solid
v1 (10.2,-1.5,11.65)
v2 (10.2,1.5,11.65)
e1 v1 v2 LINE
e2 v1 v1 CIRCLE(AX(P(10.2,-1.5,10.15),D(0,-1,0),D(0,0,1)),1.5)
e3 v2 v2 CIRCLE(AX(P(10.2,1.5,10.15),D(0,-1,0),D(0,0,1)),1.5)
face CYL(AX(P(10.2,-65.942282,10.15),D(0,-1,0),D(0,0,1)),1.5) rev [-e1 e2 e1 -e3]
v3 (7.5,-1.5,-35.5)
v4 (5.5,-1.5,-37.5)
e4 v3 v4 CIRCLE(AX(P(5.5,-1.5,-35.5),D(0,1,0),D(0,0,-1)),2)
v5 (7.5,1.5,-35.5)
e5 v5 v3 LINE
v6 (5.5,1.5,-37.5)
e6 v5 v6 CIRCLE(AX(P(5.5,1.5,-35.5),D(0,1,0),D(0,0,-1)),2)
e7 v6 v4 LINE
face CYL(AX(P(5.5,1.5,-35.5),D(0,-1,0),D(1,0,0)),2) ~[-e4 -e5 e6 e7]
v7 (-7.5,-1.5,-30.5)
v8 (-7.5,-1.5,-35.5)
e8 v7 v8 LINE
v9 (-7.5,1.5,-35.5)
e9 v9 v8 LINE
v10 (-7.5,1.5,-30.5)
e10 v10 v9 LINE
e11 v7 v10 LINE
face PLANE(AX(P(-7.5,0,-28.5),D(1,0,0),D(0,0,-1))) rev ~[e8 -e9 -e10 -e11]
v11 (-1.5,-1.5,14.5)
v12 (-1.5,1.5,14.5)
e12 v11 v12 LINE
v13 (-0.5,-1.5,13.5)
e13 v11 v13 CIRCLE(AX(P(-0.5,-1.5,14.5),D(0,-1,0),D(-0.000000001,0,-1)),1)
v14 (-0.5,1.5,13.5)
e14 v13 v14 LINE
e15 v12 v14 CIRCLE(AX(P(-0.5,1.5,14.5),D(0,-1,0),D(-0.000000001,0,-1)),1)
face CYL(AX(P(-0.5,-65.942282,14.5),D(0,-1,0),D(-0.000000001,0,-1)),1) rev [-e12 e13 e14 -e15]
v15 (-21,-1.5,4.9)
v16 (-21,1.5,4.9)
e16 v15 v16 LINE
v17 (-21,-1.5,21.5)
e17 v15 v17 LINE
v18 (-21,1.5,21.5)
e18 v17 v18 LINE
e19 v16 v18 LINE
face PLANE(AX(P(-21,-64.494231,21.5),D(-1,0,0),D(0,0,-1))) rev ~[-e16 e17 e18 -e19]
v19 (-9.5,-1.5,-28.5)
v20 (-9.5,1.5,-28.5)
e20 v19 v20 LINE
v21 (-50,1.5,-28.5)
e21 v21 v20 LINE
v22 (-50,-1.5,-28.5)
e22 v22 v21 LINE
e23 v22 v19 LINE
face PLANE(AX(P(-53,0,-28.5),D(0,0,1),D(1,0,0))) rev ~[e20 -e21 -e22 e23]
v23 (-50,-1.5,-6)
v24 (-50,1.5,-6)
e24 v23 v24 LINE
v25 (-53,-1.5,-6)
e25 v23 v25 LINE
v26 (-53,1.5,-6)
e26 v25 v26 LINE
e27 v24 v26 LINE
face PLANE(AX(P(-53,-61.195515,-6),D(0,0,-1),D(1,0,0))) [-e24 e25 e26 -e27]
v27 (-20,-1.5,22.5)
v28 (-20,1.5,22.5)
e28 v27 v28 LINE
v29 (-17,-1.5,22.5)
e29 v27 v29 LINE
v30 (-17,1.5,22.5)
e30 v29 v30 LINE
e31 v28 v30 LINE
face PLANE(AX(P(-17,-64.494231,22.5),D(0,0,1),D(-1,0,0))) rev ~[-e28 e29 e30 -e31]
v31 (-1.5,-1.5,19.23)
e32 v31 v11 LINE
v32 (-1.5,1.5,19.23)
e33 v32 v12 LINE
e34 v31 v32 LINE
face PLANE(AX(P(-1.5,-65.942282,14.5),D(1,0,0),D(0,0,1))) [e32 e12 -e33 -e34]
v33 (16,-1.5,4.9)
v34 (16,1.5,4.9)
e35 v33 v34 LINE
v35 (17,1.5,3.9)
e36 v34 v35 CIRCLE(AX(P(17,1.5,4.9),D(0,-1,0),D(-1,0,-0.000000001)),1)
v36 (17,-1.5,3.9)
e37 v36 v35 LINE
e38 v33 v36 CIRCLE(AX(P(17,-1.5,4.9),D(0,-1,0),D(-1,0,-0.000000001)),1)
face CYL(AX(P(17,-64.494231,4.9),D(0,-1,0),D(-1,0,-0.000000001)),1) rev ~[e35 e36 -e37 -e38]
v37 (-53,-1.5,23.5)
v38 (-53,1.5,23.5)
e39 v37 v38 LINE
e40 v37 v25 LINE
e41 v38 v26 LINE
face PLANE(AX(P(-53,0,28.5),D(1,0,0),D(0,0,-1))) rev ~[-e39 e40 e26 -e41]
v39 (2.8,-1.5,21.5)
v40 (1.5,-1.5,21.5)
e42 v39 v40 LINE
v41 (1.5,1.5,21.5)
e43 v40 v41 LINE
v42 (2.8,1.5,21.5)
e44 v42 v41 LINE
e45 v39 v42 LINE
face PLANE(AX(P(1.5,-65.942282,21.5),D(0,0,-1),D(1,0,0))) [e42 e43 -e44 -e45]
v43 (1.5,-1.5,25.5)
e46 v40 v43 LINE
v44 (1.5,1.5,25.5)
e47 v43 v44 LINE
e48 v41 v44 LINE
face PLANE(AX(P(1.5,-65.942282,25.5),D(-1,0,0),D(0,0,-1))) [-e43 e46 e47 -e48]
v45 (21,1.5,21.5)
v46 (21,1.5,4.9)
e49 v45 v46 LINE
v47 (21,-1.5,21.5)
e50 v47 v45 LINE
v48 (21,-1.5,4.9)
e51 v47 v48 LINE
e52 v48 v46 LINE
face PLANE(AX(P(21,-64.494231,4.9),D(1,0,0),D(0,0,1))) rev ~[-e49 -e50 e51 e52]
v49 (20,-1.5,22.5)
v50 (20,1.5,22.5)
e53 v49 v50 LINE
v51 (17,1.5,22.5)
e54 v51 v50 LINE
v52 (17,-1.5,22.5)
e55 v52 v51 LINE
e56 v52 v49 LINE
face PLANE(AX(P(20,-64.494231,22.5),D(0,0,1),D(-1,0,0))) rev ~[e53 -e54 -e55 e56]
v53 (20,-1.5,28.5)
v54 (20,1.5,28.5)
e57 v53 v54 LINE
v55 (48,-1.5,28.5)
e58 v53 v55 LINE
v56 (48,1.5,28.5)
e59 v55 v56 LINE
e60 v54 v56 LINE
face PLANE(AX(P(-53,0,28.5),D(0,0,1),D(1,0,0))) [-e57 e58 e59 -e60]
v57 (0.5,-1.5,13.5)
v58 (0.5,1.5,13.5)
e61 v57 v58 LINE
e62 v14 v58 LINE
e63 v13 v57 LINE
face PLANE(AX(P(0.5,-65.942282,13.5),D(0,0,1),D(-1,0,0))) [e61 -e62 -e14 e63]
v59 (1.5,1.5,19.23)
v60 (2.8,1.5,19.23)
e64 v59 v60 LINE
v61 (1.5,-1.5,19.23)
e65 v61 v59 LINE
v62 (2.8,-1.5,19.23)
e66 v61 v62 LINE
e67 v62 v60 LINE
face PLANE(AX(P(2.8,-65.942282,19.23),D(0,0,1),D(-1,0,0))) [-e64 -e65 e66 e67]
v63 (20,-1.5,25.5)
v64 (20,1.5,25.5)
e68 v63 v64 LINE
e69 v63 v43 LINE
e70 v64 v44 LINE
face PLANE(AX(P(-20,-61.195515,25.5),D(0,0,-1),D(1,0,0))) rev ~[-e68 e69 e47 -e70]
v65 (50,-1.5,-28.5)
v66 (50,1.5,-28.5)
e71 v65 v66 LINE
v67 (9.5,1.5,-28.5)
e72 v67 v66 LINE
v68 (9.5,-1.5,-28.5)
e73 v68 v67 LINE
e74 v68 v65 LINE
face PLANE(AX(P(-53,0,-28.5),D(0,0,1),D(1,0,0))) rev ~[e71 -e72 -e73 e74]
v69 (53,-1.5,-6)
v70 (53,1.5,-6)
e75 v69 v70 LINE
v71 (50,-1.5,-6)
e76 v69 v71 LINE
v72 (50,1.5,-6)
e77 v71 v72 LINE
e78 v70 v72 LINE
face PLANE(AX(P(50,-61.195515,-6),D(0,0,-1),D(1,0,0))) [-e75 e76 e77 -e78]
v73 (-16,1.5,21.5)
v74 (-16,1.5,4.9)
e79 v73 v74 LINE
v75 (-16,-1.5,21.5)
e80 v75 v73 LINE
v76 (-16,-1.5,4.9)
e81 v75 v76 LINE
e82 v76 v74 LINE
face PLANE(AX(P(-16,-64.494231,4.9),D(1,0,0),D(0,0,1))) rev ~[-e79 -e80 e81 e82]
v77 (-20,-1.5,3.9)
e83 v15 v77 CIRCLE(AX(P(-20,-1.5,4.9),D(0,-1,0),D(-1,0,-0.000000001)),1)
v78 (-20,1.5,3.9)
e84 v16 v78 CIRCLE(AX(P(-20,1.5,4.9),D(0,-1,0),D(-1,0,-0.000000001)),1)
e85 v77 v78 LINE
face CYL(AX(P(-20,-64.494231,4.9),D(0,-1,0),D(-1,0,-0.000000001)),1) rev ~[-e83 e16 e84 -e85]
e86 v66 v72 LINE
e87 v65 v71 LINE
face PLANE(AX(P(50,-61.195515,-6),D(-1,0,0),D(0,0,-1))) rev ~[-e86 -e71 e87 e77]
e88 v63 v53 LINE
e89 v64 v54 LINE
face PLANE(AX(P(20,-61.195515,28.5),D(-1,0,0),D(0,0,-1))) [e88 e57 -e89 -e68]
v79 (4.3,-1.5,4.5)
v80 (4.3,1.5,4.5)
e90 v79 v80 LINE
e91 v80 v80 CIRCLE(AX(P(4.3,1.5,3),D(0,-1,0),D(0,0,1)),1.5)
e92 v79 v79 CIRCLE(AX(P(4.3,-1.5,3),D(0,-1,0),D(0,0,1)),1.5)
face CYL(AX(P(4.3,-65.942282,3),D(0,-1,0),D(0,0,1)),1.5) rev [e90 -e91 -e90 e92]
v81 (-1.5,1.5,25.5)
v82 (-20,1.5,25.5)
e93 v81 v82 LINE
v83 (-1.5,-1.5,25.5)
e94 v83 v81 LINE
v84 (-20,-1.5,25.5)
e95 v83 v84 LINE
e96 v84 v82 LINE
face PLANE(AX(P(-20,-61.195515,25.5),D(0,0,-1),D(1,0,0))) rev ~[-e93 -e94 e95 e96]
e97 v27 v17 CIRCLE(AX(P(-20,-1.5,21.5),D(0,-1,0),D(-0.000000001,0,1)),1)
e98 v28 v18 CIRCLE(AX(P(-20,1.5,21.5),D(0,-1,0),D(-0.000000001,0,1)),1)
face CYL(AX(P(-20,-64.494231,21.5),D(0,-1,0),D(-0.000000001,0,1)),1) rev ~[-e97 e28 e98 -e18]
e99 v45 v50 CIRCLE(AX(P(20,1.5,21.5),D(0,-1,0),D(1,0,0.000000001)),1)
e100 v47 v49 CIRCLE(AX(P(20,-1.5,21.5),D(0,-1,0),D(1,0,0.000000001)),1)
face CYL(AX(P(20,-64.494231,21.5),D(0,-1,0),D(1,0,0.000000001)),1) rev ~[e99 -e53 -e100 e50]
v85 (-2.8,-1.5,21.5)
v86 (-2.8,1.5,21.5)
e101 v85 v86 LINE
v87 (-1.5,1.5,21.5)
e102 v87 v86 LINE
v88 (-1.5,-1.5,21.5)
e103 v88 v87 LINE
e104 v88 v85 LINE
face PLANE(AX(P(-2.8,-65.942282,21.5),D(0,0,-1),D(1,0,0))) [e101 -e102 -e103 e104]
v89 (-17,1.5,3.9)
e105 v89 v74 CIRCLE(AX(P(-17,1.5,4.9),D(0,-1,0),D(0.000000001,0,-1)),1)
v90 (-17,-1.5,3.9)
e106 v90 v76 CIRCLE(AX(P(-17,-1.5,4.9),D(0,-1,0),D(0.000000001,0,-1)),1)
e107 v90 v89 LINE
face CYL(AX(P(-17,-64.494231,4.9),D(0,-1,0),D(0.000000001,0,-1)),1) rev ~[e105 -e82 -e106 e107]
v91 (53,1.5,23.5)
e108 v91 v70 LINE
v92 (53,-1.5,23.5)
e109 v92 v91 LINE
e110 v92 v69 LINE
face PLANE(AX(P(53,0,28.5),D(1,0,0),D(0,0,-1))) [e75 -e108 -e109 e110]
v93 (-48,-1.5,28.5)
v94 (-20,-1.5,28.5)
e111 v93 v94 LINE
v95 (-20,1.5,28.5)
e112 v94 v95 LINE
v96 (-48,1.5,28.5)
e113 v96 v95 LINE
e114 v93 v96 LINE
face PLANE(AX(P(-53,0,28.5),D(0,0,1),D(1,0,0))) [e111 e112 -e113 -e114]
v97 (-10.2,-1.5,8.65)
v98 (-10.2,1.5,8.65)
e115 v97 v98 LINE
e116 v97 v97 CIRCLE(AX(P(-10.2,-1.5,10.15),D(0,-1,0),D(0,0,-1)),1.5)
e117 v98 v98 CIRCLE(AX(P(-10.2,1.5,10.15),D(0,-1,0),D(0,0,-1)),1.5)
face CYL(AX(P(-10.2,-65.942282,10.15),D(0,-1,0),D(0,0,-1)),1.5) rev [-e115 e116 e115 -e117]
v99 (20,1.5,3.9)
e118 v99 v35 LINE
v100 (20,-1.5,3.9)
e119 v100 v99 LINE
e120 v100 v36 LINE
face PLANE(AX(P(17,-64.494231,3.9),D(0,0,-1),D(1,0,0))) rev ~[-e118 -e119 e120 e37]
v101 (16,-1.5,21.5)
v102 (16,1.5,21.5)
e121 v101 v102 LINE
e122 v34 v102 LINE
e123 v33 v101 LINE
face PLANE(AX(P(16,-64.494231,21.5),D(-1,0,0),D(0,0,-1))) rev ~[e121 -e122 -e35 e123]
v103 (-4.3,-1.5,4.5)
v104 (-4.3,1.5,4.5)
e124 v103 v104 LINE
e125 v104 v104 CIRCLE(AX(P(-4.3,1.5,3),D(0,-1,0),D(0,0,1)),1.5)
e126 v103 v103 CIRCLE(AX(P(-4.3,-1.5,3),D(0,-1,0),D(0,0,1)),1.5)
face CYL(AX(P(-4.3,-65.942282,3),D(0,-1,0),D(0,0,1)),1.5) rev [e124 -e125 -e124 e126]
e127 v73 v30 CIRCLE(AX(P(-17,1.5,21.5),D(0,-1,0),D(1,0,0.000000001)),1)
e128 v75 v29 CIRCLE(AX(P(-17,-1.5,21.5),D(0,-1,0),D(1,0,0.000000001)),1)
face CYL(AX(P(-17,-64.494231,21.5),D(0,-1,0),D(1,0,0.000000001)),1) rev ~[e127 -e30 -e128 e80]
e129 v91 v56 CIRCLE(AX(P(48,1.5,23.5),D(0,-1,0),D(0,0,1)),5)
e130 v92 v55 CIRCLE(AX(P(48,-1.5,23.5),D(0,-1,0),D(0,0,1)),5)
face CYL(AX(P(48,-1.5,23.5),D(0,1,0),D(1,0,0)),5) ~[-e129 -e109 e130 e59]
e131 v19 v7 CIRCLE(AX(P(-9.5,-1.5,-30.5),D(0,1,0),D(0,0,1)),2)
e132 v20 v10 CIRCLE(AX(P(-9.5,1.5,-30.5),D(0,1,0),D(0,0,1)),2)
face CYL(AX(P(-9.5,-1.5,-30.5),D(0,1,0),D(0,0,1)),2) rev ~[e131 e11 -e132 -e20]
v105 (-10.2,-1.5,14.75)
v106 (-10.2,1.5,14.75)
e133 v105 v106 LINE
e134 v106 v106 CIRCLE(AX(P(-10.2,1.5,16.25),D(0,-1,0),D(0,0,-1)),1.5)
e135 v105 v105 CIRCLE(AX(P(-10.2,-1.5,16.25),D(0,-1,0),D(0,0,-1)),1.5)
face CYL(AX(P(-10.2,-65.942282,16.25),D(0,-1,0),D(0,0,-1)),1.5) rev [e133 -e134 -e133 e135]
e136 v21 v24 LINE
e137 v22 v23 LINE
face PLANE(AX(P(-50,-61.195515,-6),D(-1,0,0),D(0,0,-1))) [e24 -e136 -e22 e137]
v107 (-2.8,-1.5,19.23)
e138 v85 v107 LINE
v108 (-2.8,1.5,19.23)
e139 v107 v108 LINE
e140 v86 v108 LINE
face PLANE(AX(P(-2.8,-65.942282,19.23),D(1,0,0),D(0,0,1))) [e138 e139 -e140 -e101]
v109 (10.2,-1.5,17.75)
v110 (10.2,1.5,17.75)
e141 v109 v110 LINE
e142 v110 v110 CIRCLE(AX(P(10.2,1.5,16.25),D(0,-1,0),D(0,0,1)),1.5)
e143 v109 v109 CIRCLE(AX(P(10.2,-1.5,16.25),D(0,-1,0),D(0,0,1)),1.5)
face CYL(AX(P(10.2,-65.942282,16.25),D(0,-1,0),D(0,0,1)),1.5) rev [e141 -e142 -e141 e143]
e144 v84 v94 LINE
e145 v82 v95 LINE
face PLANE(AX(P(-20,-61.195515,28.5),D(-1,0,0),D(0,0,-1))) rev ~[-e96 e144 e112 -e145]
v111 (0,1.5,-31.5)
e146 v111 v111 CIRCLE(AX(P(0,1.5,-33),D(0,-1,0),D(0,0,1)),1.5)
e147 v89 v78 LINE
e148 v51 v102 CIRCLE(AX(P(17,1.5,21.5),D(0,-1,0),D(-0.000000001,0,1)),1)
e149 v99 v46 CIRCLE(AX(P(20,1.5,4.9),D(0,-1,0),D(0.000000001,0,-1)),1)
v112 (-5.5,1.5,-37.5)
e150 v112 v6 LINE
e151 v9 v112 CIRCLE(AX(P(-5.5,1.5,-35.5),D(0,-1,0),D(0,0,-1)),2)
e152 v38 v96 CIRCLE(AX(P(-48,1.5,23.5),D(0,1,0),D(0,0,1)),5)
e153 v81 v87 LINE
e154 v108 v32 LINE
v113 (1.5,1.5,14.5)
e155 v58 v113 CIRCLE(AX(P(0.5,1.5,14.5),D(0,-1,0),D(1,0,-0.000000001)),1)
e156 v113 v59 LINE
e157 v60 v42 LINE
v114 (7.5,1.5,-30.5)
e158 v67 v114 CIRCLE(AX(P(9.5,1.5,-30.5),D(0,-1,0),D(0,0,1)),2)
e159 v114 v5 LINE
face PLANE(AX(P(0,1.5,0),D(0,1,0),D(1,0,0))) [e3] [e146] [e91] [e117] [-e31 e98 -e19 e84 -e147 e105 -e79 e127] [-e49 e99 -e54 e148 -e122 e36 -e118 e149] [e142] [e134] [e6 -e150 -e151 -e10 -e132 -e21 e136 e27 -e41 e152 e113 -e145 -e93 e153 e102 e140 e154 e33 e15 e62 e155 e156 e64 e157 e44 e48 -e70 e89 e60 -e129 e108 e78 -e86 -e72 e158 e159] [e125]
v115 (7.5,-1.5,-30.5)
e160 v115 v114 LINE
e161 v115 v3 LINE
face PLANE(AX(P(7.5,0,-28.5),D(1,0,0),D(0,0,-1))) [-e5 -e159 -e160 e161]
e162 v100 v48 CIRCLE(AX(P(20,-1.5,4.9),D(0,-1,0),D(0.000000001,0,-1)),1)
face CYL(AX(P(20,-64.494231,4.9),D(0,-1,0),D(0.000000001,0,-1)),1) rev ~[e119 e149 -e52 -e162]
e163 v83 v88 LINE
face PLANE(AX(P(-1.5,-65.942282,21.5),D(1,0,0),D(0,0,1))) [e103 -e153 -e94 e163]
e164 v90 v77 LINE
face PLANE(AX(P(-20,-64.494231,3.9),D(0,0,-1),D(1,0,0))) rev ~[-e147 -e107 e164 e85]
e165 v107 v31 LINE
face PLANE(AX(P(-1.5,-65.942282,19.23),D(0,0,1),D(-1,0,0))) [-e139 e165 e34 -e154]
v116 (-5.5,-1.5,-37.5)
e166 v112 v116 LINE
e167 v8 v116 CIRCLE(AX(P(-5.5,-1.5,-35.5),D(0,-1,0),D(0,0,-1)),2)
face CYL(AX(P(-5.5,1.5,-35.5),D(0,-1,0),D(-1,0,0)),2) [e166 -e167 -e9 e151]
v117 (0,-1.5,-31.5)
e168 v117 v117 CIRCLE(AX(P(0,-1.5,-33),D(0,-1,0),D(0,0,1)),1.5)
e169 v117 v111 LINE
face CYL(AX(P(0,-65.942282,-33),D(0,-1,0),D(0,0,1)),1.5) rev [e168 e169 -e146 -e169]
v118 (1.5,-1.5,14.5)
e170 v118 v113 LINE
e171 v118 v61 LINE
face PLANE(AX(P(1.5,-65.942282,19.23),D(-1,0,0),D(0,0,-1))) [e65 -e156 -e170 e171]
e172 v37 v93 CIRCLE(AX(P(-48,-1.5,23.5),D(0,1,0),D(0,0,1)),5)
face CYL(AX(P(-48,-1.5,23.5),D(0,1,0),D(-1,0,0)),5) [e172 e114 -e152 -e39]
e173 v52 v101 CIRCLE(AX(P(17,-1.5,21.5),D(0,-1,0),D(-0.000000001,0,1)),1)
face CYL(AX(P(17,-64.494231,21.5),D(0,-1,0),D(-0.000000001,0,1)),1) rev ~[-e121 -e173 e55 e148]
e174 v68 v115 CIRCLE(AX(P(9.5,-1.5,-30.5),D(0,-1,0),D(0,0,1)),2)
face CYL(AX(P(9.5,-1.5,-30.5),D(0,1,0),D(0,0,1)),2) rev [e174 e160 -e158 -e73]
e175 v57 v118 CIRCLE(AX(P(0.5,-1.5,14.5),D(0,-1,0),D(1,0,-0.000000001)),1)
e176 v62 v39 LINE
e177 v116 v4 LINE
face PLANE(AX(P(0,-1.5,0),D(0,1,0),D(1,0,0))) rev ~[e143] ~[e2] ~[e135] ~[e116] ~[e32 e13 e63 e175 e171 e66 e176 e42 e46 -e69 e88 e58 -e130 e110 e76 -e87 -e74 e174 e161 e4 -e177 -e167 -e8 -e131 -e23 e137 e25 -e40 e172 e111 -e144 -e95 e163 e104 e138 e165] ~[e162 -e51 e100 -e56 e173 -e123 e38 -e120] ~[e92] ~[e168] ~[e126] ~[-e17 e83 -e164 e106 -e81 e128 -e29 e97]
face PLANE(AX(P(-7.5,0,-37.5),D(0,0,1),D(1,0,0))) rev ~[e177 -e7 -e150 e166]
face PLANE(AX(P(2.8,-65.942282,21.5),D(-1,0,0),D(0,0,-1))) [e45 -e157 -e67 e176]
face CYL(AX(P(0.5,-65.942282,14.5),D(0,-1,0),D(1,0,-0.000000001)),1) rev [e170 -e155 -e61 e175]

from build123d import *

# Parameters (mm, degrees)
SKETCH1_W                  = 106
SKETCH1_H                  = 57
BOSS_EXTRUDE1_DEPTH        = 1.5
CUT_EXTRUDE1_DEPTH         = 61.195514783
CUT_EXTRUDE1_DEPTH_BACK    = 61.195514783
SKETCH2_W                  = 3
SKETCH2_H                  = 22.5
SKETCH2_W_2                = 40
SKETCH2_H_2                = 3
SKETCH4_W                  = 15
SKETCH4_H                  = 9
BOSS_EXTRUDE2_DEPTH        = 1.5
FILLET1_R                  = 2
CUT_EXTRUDE2_DEPTH         = 65.942282066
CUT_EXTRUDE2_DEPTH_BACK    = 65.942282066
CUT_EXTRUDE3_DEPTH         = 65.942282066
CUT_EXTRUDE3_DEPTH_BACK    = 65.942282066
SKETCH5_R                  = 1.5
FILLET2_R                  = 5
CUT_EXTRUDE4_DEPTH         = 65.942282066
CUT_EXTRUDE4_DEPTH_BACK    = 65.942282066
SKETCH6_R                  = 1.5
CORTE_EXTRUS_O1_DEPTH      = 65.994230513
CORTE_EXTRUS_O1_DEPTH_BACK = 65.994230513


with BuildPart() as part:
    # Sketch1 → Boss-Extrude1 (new, symmetric)
    with BuildSketch(Plane(origin=(0, 0, 0), x_dir=(1, 0, 0), z_dir=(0, 1, 0))):
        Rectangle(SKETCH1_W, SKETCH1_H)
    extrude(amount=BOSS_EXTRUDE1_DEPTH, both=True)

    # Sketch2 → Cut-Extrude1 (cut, two sides: drawn at the far end of the back side and taken through both)
    with BuildSketch(Plane(origin=(0, 0, 0), x_dir=(1, 0, 0), z_dir=(0, 1, 0)).offset(-CUT_EXTRUDE1_DEPTH_BACK)):
        with Locations((-51.5, 17.25)):
            Rectangle(SKETCH2_W, SKETCH2_H)
        with Locations((51.5, 17.25)):
            Rectangle(SKETCH2_W, SKETCH2_H)
        with Locations((0, -27)):
            Rectangle(SKETCH2_W_2, SKETCH2_H_2)
    extrude(amount=CUT_EXTRUDE1_DEPTH + CUT_EXTRUDE1_DEPTH_BACK, mode=Mode.SUBTRACT)

    # Sketch4 → Boss-Extrude2 (add, symmetric)
    with BuildSketch(Plane(origin=(0, 0, 0), x_dir=(1, 0, 0), z_dir=(0, 1, 0))):
        with Locations((0, 33)):
            Rectangle(SKETCH4_W, SKETCH4_H)
    extrude(amount=BOSS_EXTRUDE2_DEPTH, both=True)

    # Fillet1
    fillet1_edges = [part.edges().sort_by_distance(p)[0] for p in [
        (-7.5, 0, -37.5),
        (-7.5, 0, -28.5),
        (7.5, 0, -28.5),
        (7.5, 0, -37.5),
    ]]
    fillet(fillet1_edges, radius=FILLET1_R)

    # Sketch3 → Cut-Extrude2 (cut, two sides: drawn at the far end of the back side and taken through both)
    with BuildSketch(Plane(origin=(0, 0, 0), x_dir=(1, 0, 0), z_dir=(0, 1, 0)).offset(-CUT_EXTRUDE2_DEPTH_BACK)):
        with BuildLine():
            Line((-1.5, -25.5), (1.5, -25.5))
            Line((1.5, -25.5), (1.5, -21.5))
            Line((1.5, -21.5), (2.8, -21.5))
            Line((2.8, -21.5), (2.8, -19.23))
            Line((2.8, -19.23), (1.5, -19.23))
            Line((1.5, -19.23), (1.5, -14.5))
            ThreePointArc((1.5, -14.5), (1.207106781, -13.792893219), (0.5, -13.5))
            Line((0.5, -13.5), (-0.5, -13.5))
            ThreePointArc((-0.5, -13.5), (-1.207106781, -13.792893219), (-1.5, -14.5))
            Line((-1.5, -14.5), (-1.5, -19.23))
            Line((-1.5, -19.23), (-2.8, -19.23))
            Line((-2.8, -19.23), (-2.8, -21.5))
            Line((-2.8, -21.5), (-1.5, -21.5))
            Line((-1.5, -21.5), (-1.5, -25.5))
        make_face()
    extrude(amount=CUT_EXTRUDE2_DEPTH + CUT_EXTRUDE2_DEPTH_BACK, mode=Mode.SUBTRACT)

    # Sketch5 → Cut-Extrude3 (cut, two sides: drawn at the far end of the back side and taken through both)
    with BuildSketch(Plane(origin=(0, 0, 0), x_dir=(1, 0, 0), z_dir=(0, 1, 0)).offset(-CUT_EXTRUDE3_DEPTH_BACK)):
        with Locations(Location((0, 33, 0), (0, 0, 270))):
            Circle(SKETCH5_R)
    extrude(amount=CUT_EXTRUDE3_DEPTH + CUT_EXTRUDE3_DEPTH_BACK, mode=Mode.SUBTRACT)

    # Fillet2
    fillet2_edges = [part.edges().sort_by_distance(p)[0] for p in [
        (53, 0, 28.5),
        (-53, 0, 28.5),
    ]]
    fillet(fillet2_edges, radius=FILLET2_R)

    # Sketch6 → Cut-Extrude4 (cut, two sides: drawn at the far end of the back side and taken through both)
    with BuildSketch(Plane(origin=(0, 0, 0), x_dir=(1, 0, 0), z_dir=(0, 1, 0)).offset(-CUT_EXTRUDE4_DEPTH_BACK)):
        with Locations(Location((-4.3, -3, 0), (0, 0, 270))):
            Circle(SKETCH6_R)
        with Locations(Location((4.3, -3, 0), (0, 0, 270))):
            Circle(SKETCH6_R)
        with Locations(Location((10.2, -10.15, 0), (0, 0, 270))):
            Circle(SKETCH6_R)
        with Locations(Location((10.2, -16.25, 0), (0, 0, 270))):
            Circle(SKETCH6_R)
        with Locations(Location((-10.2, -16.25, 0), (0, 0, 90))):
            Circle(SKETCH6_R)
        with Locations(Location((-10.2, -10.15, 0), (0, 0, 90))):
            Circle(SKETCH6_R)
    extrude(amount=CUT_EXTRUDE4_DEPTH + CUT_EXTRUDE4_DEPTH_BACK, mode=Mode.SUBTRACT)

    # Esboço1 → Corte-extrusão1 (cut, two sides: drawn at the far end of the back side and taken through both)
    with BuildSketch(Plane(origin=(0, 1.5, 0), x_dir=(1, 0, 0), z_dir=(0, 1, 0)).offset(-CORTE_EXTRUS_O1_DEPTH_BACK)):
        with BuildLine():
            Line((-20, -3.9), (-17, -3.9))
            ThreePointArc((-17, -3.9), (-16.292893219, -4.192893219), (-16, -4.9))
            Line((-16, -4.9), (-16, -21.5))
            ThreePointArc((-16, -21.5), (-16.292893219, -22.207106781), (-17, -22.5))
            Line((-17, -22.5), (-20, -22.5))
            ThreePointArc((-20, -22.5), (-20.707106781, -22.207106781), (-21, -21.5))
            Line((-21, -21.5), (-21, -4.9))
            ThreePointArc((-21, -4.9), (-20.707106781, -4.192893219), (-20, -3.9))
        make_face()
        with BuildLine():
            Line((21, -4.9), (21, -21.5))
            ThreePointArc((21, -21.5), (20.707106781, -22.207106781), (20, -22.5))
            Line((20, -22.5), (17, -22.5))
            ThreePointArc((17, -22.5), (16.292893219, -22.207106781), (16, -21.5))
            Line((16, -21.5), (16, -4.9))
            ThreePointArc((16, -4.9), (16.292893219, -4.192893219), (17, -3.9))
            Line((17, -3.9), (20, -3.9))
            ThreePointArc((20, -3.9), (20.707106781, -4.192893219), (21, -4.9))
        make_face()
    extrude(amount=CORTE_EXTRUS_O1_DEPTH + CORTE_EXTRUS_O1_DEPTH_BACK, mode=Mode.SUBTRACT)


solid = part.part
